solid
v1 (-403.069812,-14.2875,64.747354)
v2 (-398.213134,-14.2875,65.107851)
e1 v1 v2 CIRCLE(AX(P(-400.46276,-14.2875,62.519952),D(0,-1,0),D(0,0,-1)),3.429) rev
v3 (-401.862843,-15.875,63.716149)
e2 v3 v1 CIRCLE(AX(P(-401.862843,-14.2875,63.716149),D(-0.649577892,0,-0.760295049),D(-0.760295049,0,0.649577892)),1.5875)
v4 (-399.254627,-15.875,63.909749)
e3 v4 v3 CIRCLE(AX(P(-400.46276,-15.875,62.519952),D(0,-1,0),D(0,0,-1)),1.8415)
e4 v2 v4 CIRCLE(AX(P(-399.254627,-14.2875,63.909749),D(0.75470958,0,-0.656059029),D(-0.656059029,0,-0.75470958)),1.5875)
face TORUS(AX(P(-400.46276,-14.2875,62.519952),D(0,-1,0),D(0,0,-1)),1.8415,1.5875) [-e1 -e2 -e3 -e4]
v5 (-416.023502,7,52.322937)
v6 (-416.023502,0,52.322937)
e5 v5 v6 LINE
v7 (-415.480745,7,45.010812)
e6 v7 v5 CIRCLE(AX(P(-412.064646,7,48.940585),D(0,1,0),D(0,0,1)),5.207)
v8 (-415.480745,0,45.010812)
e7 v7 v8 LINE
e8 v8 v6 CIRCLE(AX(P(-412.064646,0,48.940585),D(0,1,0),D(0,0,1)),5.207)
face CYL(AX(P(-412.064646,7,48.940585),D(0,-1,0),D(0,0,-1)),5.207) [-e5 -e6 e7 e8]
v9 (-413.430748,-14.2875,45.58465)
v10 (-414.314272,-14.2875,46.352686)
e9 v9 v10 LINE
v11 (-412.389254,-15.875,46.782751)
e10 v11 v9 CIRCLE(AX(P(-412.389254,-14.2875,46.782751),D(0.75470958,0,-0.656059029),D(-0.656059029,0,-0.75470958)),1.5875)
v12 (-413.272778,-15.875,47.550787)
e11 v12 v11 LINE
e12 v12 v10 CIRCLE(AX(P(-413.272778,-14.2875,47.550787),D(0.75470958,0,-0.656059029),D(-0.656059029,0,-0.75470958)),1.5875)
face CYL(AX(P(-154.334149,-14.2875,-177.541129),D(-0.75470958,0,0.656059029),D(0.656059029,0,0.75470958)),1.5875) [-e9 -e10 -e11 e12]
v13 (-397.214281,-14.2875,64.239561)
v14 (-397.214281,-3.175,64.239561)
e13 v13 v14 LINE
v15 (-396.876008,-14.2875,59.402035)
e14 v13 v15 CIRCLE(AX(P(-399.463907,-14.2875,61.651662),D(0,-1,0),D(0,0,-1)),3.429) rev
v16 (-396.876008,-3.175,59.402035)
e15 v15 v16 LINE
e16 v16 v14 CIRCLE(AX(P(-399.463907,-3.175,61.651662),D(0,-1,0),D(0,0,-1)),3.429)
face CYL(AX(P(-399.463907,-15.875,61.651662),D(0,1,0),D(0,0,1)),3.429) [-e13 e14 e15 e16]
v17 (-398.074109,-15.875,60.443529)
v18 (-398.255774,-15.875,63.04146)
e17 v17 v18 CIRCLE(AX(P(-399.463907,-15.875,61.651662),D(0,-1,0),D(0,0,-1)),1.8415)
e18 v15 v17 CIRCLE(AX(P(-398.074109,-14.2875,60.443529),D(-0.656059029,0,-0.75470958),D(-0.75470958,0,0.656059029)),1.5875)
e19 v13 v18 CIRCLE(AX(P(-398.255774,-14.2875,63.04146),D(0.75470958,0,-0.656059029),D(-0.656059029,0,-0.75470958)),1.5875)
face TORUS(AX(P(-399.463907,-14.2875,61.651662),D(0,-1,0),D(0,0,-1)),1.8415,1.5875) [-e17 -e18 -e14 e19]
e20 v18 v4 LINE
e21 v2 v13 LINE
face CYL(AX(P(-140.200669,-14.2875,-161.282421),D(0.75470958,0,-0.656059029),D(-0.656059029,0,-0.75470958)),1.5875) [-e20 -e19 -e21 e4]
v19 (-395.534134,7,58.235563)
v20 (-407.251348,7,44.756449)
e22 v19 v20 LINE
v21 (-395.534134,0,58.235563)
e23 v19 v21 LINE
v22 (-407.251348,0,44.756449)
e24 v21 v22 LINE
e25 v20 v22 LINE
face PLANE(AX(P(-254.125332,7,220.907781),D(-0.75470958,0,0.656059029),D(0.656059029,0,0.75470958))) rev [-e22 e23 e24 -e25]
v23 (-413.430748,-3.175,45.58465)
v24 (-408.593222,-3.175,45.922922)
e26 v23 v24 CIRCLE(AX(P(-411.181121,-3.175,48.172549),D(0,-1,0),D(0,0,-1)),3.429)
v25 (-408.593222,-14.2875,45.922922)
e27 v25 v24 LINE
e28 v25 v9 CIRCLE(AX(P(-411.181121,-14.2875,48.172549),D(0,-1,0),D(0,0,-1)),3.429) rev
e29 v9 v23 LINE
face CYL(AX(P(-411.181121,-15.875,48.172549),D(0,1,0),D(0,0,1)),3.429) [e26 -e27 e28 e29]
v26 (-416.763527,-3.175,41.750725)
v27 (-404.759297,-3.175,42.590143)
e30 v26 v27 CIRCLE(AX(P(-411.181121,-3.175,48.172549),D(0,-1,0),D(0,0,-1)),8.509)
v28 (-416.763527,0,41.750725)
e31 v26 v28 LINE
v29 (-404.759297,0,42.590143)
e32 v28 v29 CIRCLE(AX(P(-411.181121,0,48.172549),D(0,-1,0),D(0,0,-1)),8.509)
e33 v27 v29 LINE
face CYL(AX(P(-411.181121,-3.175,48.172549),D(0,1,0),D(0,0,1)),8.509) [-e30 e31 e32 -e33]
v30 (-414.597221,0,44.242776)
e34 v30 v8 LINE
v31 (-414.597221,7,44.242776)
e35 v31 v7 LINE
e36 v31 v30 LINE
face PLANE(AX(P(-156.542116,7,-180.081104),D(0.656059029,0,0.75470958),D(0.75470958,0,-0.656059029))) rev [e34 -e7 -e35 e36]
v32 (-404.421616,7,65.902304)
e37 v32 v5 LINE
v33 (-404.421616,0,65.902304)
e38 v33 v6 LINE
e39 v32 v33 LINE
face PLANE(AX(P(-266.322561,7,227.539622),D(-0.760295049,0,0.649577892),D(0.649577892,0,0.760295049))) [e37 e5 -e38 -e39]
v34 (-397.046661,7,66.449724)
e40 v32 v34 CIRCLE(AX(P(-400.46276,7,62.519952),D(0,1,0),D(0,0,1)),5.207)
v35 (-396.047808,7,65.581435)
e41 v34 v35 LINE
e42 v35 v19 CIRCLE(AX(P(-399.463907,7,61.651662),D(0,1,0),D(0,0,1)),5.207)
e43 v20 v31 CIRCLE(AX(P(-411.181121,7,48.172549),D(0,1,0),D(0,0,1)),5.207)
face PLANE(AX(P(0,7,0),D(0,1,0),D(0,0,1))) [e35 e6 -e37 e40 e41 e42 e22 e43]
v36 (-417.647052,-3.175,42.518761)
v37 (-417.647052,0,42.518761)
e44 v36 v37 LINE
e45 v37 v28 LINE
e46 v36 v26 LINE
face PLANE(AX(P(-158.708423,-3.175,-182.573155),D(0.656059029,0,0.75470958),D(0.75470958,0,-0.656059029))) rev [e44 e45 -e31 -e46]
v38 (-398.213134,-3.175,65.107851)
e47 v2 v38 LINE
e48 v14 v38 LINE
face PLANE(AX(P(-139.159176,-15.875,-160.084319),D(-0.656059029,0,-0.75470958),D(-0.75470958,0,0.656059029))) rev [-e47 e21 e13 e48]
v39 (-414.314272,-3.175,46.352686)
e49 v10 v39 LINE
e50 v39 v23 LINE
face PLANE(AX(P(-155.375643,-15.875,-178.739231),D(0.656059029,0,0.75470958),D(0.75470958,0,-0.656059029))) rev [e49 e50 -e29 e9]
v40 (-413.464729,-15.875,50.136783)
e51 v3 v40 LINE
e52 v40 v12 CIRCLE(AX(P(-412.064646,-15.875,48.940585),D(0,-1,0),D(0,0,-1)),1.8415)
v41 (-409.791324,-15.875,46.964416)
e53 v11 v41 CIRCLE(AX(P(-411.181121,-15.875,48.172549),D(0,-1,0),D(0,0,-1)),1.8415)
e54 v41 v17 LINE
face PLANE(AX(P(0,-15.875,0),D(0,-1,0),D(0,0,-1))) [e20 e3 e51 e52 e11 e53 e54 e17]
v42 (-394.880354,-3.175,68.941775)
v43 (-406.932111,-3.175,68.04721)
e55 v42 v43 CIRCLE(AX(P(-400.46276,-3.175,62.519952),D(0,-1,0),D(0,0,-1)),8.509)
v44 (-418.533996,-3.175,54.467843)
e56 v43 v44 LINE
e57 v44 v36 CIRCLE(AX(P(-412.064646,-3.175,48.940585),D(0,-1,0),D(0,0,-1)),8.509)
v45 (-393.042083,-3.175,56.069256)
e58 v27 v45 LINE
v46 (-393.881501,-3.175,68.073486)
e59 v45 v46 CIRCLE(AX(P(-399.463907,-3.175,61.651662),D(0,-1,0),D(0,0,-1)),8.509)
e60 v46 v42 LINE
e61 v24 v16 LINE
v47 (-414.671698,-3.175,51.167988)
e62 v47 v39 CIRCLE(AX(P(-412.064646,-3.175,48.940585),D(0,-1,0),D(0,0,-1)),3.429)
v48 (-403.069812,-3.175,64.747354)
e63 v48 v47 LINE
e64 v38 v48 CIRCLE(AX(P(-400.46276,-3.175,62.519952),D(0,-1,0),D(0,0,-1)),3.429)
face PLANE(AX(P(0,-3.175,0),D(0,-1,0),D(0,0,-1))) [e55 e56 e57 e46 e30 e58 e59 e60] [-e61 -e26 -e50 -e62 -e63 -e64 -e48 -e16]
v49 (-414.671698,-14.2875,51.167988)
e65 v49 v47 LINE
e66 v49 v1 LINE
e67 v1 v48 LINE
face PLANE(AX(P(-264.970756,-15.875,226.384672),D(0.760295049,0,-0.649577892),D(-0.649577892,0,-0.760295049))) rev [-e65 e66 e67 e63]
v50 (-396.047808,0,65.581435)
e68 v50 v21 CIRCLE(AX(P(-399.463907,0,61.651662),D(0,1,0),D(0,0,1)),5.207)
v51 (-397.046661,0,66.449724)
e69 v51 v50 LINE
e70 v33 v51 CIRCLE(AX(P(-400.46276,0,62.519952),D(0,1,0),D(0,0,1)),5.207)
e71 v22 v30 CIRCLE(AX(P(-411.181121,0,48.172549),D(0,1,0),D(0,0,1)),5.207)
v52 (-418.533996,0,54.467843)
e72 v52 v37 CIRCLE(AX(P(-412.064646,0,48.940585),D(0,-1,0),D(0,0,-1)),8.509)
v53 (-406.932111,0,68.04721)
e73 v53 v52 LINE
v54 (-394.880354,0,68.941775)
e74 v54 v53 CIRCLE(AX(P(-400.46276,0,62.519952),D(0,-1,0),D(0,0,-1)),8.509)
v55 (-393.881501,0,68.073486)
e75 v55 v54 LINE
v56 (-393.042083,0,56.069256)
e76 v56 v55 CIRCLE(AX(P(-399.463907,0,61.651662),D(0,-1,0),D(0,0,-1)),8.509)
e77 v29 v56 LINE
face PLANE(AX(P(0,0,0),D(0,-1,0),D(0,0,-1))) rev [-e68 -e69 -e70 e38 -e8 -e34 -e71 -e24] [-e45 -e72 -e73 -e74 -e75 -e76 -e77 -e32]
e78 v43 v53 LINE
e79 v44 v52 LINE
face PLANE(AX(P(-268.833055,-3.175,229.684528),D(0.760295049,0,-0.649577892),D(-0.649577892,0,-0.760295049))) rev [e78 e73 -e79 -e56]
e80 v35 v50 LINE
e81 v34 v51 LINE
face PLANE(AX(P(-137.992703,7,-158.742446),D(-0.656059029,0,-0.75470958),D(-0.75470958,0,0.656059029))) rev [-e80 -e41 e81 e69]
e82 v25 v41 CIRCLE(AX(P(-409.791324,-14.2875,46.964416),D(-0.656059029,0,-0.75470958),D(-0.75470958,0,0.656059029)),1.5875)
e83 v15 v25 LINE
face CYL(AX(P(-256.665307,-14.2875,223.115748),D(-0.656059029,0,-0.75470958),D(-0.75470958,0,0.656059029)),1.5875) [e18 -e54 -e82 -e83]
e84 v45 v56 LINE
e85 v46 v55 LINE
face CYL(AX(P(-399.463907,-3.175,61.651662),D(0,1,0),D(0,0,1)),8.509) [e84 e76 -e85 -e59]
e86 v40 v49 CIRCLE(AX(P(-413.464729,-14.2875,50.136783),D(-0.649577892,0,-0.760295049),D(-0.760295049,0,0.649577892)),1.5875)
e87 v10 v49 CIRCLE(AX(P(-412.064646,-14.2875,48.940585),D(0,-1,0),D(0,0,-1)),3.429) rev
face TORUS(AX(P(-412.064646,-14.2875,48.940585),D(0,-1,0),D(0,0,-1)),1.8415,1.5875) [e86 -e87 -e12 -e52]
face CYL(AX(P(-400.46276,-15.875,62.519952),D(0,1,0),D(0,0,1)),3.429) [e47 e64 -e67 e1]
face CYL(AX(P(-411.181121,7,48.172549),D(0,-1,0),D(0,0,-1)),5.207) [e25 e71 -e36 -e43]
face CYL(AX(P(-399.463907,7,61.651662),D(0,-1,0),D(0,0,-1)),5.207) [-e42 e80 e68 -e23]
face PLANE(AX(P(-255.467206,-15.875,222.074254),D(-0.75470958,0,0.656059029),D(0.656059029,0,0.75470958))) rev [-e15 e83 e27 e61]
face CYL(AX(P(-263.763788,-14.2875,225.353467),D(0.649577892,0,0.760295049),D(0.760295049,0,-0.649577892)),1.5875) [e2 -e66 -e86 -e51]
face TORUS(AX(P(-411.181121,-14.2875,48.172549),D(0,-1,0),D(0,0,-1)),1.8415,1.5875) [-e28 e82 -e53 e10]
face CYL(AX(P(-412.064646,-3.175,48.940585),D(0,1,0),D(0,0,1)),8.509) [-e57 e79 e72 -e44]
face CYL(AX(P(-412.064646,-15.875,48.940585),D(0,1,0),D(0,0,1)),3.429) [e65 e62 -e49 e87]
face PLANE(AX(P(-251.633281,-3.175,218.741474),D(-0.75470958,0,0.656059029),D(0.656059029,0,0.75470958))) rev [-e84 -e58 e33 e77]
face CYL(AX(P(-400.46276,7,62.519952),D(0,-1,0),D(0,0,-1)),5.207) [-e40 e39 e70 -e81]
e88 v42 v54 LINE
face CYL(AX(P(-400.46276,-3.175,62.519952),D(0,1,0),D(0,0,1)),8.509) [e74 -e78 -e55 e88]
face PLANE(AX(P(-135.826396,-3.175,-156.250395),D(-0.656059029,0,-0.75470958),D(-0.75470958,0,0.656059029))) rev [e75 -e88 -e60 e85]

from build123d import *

# Parameters (mm, degrees)
BOSS_EXTRUDE1_DEPTH = 7
BOSS_EXTRUDE3_START = 3.175
BOSS_EXTRUDE3_DEPTH = 3.175
BOSS_EXTRUDE4_DEPTH = 12.7
FILLET2_R           = 1.5875


with BuildPart() as part:
    # Sketch1 → Boss-Extrude1 (new body)
    # profile 1 of 2: a face of its own
    with BuildSketch(Plane(origin=(0, 0, 0), x_dir=(1, 0, 0), z_dir=(0, 1, 0))):
        with BuildLine():
            Line((-397.046660629, -66.449724392), (-396.047807587, -65.58143469))
            ThreePointArc((-396.047807587, -65.58143469), (-394.269590942, -62.014883864), (-395.534134167, -58.235562542))
            Line((-395.534134167, -58.235562542), (-407.251348425, -44.756449439))
            ThreePointArc((-407.251348425, -44.756449439), (-410.81789925, -42.978232793), (-414.597220573, -44.242776019))
            Line((-414.597220573, -44.242776019), (-415.480745161, -45.010812225))
            ThreePointArc((-415.480745161, -45.010812225), (-417.25736044, -48.555145476), (-416.023502117, -52.322937096))
            Line((-416.023502117, -52.322937096), (-404.421616313, -65.902303694))
            ThreePointArc((-404.421616313, -65.902303694), (-400.848199526, -67.712666251), (-397.046660629, -66.449724392))
        make_face()
        with BuildLine():
            ThreePointArc((-396.131127084, -65.485586573), (-394.396281576, -62.006024792), (-395.629982284, -58.318882038))
            Line((-395.629982284, -58.318882038), (-407.347196542, -44.839768935))
            ThreePointArc((-407.347196542, -44.839768935), (-410.826758322, -43.104923427), (-414.513901076, -44.338624135))
            Line((-414.513901076, -44.338624135), (-415.397425664, -45.106660342))
            ThreePointArc((-415.397425664, -45.106660342), (-417.130708863, -48.564546441), (-415.926944646, -52.240440703))
            Line((-415.926944646, -52.240440703), (-404.325058842, -65.819807301))
            ThreePointArc((-404.325058842, -65.819807301), (-400.838798562, -67.586014674), (-397.129980126, -66.353876275))
            Line((-397.129980126, -66.353876275), (-396.131127084, -65.485586573))
        make_face(mode=Mode.SUBTRACT)
    # profile 2 of 2: a face of its own
    with BuildSketch(Plane(origin=(0, 0, 0), x_dir=(1, 0, 0), z_dir=(0, 1, 0))):
        with BuildLine():
            Line((-397.129980126, -66.353876275), (-396.131127084, -65.485586573))
            ThreePointArc((-396.131127084, -65.485586573), (-394.396281576, -62.006024792), (-395.629982284, -58.318882038))
            Line((-395.629982284, -58.318882038), (-407.347196542, -44.839768935))
            ThreePointArc((-407.347196542, -44.839768935), (-410.826758322, -43.104923427), (-414.513901076, -44.338624135))
            Line((-414.513901076, -44.338624135), (-415.397425664, -45.106660342))
            ThreePointArc((-415.397425664, -45.106660342), (-417.130708863, -48.564546441), (-415.926944646, -52.240440703))
            Line((-415.926944646, -52.240440703), (-404.325058842, -65.819807301))
            ThreePointArc((-404.325058842, -65.819807301), (-400.838798562, -67.586014674), (-397.129980126, -66.353876275))
        make_face()
    extrude(amount=BOSS_EXTRUDE1_DEPTH)

    # Sketch3 → Boss-Extrude3 (add)
    # profile 1 of 2: a face of its own
    with BuildSketch(Plane.XZ.offset(BOSS_EXTRUDE3_START)):
        with BuildLine():
            Line((-393.881500674, 68.073485724), (-394.880353715, 68.941775426))
            ThreePointArc((-394.880353715, 68.941775426), (-401.092624596, 71.005607244), (-406.932110565, 68.047209895))
            Line((-406.932110565, 68.047209895), (-418.533996369, 54.467843297))
            ThreePointArc((-418.533996369, 54.467843297), (-420.550301433, 48.310720407), (-417.647052074, 42.518761191))
            Line((-417.647052074, 42.518761191), (-416.763527487, 41.750724985))
            ThreePointArc((-416.763527487, 41.750724985), (-410.587563374, 39.684276299), (-404.759297391, 42.590142525))
            Line((-404.759297391, 42.590142525), (-393.042083133, 56.069255628))
            ThreePointArc((-393.042083133, 56.069255628), (-390.975634448, 62.245219741), (-393.881500674, 68.073485724))
        make_face()
        with BuildLine():
            Line((-396.047807587, 65.58143469), (-397.046660629, 66.449724392))
            ThreePointArc((-397.046660629, 66.449724392), (-400.848199526, 67.712666251), (-404.421616313, 65.902303694))
            Line((-404.421616313, 65.902303694), (-416.023502117, 52.322937096))
            ThreePointArc((-416.023502117, 52.322937096), (-417.25736044, 48.555145476), (-415.480745161, 45.010812225))
            Line((-415.480745161, 45.010812225), (-414.597220573, 44.242776019))
            ThreePointArc((-414.597220573, 44.242776019), (-410.81789925, 42.978232793), (-407.251348425, 44.756449439))
            Line((-407.251348425, 44.756449439), (-395.534134167, 58.235562542))
            ThreePointArc((-395.534134167, 58.235562542), (-394.269590942, 62.014883864), (-396.047807587, 65.58143469))
        make_face(mode=Mode.SUBTRACT)
    # profile 2 of 2: a face of its own
    with BuildSketch(Plane.XZ.offset(BOSS_EXTRUDE3_START)):
        with BuildLine():
            ThreePointArc((-395.534134167, 58.235562542), (-394.269590942, 62.014883864), (-396.047807587, 65.58143469))
            Line((-396.047807587, 65.58143469), (-397.046660629, 66.449724392))
            ThreePointArc((-397.046660629, 66.449724392), (-400.848199526, 67.712666251), (-404.421616313, 65.902303694))
            Line((-404.421616313, 65.902303694), (-416.023502117, 52.322937096))
            ThreePointArc((-416.023502117, 52.322937096), (-417.25736044, 48.555145476), (-415.480745161, 45.010812225))
            Line((-415.480745161, 45.010812225), (-414.597220573, 44.242776019))
            ThreePointArc((-414.597220573, 44.242776019), (-410.81789925, 42.978232793), (-407.251348425, 44.756449439))
            Line((-407.251348425, 44.756449439), (-395.534134167, 58.235562542))
        make_face()
    extrude(amount=-BOSS_EXTRUDE3_DEPTH)

    # Sketch4 → Boss-Extrude4 (add)
    with BuildSketch(Plane.XZ.offset(3.175)):
        with BuildLine():
            Line((-397.214280541, 64.239561056), (-398.213133583, 65.107850758))
            ThreePointArc((-398.213133583, 65.107850758), (-400.716586027, 65.939544178), (-403.069811716, 64.747354201))
            Line((-403.069811716, 64.747354201), (-414.67169752, 51.167987603))
            ThreePointArc((-414.67169752, 51.167987603), (-415.484238367, 48.686758975), (-414.314272207, 46.352685859))
            Line((-414.314272207, 46.352685859), (-413.430747619, 45.584649652))
            ThreePointArc((-413.430747619, 45.584649652), (-410.941926261, 44.751901674), (-408.593222058, 45.922922392))
            Line((-408.593222058, 45.922922392), (-396.876007801, 59.402035495))
            ThreePointArc((-396.876007801, 59.402035495), (-396.043259823, 61.890856854), (-397.214280541, 64.239561056))
        make_face()
    extrude(amount=BOSS_EXTRUDE4_DEPTH)

    # Fillet2
    fillet2_edges = [part.edges().sort_by_distance(p)[0] for p in [
        (-397.713707062, -15.875, 64.673705907),
        (-400.716586027, -15.875, 65.939544178),
        (-408.870754618, -15.875, 57.957670902),
        (-415.484238367, -15.875, 48.686758975),
        (-413.872509913, -15.875, 45.968667755),
        (-410.941926261, -15.875, 44.751901674),
        (-402.73461493, -15.875, 52.662478944),
        (-396.043259823, -15.875, 61.890856854),
    ]]
    fillet(fillet2_edges, radius=FILLET2_R)


solid = part.part
